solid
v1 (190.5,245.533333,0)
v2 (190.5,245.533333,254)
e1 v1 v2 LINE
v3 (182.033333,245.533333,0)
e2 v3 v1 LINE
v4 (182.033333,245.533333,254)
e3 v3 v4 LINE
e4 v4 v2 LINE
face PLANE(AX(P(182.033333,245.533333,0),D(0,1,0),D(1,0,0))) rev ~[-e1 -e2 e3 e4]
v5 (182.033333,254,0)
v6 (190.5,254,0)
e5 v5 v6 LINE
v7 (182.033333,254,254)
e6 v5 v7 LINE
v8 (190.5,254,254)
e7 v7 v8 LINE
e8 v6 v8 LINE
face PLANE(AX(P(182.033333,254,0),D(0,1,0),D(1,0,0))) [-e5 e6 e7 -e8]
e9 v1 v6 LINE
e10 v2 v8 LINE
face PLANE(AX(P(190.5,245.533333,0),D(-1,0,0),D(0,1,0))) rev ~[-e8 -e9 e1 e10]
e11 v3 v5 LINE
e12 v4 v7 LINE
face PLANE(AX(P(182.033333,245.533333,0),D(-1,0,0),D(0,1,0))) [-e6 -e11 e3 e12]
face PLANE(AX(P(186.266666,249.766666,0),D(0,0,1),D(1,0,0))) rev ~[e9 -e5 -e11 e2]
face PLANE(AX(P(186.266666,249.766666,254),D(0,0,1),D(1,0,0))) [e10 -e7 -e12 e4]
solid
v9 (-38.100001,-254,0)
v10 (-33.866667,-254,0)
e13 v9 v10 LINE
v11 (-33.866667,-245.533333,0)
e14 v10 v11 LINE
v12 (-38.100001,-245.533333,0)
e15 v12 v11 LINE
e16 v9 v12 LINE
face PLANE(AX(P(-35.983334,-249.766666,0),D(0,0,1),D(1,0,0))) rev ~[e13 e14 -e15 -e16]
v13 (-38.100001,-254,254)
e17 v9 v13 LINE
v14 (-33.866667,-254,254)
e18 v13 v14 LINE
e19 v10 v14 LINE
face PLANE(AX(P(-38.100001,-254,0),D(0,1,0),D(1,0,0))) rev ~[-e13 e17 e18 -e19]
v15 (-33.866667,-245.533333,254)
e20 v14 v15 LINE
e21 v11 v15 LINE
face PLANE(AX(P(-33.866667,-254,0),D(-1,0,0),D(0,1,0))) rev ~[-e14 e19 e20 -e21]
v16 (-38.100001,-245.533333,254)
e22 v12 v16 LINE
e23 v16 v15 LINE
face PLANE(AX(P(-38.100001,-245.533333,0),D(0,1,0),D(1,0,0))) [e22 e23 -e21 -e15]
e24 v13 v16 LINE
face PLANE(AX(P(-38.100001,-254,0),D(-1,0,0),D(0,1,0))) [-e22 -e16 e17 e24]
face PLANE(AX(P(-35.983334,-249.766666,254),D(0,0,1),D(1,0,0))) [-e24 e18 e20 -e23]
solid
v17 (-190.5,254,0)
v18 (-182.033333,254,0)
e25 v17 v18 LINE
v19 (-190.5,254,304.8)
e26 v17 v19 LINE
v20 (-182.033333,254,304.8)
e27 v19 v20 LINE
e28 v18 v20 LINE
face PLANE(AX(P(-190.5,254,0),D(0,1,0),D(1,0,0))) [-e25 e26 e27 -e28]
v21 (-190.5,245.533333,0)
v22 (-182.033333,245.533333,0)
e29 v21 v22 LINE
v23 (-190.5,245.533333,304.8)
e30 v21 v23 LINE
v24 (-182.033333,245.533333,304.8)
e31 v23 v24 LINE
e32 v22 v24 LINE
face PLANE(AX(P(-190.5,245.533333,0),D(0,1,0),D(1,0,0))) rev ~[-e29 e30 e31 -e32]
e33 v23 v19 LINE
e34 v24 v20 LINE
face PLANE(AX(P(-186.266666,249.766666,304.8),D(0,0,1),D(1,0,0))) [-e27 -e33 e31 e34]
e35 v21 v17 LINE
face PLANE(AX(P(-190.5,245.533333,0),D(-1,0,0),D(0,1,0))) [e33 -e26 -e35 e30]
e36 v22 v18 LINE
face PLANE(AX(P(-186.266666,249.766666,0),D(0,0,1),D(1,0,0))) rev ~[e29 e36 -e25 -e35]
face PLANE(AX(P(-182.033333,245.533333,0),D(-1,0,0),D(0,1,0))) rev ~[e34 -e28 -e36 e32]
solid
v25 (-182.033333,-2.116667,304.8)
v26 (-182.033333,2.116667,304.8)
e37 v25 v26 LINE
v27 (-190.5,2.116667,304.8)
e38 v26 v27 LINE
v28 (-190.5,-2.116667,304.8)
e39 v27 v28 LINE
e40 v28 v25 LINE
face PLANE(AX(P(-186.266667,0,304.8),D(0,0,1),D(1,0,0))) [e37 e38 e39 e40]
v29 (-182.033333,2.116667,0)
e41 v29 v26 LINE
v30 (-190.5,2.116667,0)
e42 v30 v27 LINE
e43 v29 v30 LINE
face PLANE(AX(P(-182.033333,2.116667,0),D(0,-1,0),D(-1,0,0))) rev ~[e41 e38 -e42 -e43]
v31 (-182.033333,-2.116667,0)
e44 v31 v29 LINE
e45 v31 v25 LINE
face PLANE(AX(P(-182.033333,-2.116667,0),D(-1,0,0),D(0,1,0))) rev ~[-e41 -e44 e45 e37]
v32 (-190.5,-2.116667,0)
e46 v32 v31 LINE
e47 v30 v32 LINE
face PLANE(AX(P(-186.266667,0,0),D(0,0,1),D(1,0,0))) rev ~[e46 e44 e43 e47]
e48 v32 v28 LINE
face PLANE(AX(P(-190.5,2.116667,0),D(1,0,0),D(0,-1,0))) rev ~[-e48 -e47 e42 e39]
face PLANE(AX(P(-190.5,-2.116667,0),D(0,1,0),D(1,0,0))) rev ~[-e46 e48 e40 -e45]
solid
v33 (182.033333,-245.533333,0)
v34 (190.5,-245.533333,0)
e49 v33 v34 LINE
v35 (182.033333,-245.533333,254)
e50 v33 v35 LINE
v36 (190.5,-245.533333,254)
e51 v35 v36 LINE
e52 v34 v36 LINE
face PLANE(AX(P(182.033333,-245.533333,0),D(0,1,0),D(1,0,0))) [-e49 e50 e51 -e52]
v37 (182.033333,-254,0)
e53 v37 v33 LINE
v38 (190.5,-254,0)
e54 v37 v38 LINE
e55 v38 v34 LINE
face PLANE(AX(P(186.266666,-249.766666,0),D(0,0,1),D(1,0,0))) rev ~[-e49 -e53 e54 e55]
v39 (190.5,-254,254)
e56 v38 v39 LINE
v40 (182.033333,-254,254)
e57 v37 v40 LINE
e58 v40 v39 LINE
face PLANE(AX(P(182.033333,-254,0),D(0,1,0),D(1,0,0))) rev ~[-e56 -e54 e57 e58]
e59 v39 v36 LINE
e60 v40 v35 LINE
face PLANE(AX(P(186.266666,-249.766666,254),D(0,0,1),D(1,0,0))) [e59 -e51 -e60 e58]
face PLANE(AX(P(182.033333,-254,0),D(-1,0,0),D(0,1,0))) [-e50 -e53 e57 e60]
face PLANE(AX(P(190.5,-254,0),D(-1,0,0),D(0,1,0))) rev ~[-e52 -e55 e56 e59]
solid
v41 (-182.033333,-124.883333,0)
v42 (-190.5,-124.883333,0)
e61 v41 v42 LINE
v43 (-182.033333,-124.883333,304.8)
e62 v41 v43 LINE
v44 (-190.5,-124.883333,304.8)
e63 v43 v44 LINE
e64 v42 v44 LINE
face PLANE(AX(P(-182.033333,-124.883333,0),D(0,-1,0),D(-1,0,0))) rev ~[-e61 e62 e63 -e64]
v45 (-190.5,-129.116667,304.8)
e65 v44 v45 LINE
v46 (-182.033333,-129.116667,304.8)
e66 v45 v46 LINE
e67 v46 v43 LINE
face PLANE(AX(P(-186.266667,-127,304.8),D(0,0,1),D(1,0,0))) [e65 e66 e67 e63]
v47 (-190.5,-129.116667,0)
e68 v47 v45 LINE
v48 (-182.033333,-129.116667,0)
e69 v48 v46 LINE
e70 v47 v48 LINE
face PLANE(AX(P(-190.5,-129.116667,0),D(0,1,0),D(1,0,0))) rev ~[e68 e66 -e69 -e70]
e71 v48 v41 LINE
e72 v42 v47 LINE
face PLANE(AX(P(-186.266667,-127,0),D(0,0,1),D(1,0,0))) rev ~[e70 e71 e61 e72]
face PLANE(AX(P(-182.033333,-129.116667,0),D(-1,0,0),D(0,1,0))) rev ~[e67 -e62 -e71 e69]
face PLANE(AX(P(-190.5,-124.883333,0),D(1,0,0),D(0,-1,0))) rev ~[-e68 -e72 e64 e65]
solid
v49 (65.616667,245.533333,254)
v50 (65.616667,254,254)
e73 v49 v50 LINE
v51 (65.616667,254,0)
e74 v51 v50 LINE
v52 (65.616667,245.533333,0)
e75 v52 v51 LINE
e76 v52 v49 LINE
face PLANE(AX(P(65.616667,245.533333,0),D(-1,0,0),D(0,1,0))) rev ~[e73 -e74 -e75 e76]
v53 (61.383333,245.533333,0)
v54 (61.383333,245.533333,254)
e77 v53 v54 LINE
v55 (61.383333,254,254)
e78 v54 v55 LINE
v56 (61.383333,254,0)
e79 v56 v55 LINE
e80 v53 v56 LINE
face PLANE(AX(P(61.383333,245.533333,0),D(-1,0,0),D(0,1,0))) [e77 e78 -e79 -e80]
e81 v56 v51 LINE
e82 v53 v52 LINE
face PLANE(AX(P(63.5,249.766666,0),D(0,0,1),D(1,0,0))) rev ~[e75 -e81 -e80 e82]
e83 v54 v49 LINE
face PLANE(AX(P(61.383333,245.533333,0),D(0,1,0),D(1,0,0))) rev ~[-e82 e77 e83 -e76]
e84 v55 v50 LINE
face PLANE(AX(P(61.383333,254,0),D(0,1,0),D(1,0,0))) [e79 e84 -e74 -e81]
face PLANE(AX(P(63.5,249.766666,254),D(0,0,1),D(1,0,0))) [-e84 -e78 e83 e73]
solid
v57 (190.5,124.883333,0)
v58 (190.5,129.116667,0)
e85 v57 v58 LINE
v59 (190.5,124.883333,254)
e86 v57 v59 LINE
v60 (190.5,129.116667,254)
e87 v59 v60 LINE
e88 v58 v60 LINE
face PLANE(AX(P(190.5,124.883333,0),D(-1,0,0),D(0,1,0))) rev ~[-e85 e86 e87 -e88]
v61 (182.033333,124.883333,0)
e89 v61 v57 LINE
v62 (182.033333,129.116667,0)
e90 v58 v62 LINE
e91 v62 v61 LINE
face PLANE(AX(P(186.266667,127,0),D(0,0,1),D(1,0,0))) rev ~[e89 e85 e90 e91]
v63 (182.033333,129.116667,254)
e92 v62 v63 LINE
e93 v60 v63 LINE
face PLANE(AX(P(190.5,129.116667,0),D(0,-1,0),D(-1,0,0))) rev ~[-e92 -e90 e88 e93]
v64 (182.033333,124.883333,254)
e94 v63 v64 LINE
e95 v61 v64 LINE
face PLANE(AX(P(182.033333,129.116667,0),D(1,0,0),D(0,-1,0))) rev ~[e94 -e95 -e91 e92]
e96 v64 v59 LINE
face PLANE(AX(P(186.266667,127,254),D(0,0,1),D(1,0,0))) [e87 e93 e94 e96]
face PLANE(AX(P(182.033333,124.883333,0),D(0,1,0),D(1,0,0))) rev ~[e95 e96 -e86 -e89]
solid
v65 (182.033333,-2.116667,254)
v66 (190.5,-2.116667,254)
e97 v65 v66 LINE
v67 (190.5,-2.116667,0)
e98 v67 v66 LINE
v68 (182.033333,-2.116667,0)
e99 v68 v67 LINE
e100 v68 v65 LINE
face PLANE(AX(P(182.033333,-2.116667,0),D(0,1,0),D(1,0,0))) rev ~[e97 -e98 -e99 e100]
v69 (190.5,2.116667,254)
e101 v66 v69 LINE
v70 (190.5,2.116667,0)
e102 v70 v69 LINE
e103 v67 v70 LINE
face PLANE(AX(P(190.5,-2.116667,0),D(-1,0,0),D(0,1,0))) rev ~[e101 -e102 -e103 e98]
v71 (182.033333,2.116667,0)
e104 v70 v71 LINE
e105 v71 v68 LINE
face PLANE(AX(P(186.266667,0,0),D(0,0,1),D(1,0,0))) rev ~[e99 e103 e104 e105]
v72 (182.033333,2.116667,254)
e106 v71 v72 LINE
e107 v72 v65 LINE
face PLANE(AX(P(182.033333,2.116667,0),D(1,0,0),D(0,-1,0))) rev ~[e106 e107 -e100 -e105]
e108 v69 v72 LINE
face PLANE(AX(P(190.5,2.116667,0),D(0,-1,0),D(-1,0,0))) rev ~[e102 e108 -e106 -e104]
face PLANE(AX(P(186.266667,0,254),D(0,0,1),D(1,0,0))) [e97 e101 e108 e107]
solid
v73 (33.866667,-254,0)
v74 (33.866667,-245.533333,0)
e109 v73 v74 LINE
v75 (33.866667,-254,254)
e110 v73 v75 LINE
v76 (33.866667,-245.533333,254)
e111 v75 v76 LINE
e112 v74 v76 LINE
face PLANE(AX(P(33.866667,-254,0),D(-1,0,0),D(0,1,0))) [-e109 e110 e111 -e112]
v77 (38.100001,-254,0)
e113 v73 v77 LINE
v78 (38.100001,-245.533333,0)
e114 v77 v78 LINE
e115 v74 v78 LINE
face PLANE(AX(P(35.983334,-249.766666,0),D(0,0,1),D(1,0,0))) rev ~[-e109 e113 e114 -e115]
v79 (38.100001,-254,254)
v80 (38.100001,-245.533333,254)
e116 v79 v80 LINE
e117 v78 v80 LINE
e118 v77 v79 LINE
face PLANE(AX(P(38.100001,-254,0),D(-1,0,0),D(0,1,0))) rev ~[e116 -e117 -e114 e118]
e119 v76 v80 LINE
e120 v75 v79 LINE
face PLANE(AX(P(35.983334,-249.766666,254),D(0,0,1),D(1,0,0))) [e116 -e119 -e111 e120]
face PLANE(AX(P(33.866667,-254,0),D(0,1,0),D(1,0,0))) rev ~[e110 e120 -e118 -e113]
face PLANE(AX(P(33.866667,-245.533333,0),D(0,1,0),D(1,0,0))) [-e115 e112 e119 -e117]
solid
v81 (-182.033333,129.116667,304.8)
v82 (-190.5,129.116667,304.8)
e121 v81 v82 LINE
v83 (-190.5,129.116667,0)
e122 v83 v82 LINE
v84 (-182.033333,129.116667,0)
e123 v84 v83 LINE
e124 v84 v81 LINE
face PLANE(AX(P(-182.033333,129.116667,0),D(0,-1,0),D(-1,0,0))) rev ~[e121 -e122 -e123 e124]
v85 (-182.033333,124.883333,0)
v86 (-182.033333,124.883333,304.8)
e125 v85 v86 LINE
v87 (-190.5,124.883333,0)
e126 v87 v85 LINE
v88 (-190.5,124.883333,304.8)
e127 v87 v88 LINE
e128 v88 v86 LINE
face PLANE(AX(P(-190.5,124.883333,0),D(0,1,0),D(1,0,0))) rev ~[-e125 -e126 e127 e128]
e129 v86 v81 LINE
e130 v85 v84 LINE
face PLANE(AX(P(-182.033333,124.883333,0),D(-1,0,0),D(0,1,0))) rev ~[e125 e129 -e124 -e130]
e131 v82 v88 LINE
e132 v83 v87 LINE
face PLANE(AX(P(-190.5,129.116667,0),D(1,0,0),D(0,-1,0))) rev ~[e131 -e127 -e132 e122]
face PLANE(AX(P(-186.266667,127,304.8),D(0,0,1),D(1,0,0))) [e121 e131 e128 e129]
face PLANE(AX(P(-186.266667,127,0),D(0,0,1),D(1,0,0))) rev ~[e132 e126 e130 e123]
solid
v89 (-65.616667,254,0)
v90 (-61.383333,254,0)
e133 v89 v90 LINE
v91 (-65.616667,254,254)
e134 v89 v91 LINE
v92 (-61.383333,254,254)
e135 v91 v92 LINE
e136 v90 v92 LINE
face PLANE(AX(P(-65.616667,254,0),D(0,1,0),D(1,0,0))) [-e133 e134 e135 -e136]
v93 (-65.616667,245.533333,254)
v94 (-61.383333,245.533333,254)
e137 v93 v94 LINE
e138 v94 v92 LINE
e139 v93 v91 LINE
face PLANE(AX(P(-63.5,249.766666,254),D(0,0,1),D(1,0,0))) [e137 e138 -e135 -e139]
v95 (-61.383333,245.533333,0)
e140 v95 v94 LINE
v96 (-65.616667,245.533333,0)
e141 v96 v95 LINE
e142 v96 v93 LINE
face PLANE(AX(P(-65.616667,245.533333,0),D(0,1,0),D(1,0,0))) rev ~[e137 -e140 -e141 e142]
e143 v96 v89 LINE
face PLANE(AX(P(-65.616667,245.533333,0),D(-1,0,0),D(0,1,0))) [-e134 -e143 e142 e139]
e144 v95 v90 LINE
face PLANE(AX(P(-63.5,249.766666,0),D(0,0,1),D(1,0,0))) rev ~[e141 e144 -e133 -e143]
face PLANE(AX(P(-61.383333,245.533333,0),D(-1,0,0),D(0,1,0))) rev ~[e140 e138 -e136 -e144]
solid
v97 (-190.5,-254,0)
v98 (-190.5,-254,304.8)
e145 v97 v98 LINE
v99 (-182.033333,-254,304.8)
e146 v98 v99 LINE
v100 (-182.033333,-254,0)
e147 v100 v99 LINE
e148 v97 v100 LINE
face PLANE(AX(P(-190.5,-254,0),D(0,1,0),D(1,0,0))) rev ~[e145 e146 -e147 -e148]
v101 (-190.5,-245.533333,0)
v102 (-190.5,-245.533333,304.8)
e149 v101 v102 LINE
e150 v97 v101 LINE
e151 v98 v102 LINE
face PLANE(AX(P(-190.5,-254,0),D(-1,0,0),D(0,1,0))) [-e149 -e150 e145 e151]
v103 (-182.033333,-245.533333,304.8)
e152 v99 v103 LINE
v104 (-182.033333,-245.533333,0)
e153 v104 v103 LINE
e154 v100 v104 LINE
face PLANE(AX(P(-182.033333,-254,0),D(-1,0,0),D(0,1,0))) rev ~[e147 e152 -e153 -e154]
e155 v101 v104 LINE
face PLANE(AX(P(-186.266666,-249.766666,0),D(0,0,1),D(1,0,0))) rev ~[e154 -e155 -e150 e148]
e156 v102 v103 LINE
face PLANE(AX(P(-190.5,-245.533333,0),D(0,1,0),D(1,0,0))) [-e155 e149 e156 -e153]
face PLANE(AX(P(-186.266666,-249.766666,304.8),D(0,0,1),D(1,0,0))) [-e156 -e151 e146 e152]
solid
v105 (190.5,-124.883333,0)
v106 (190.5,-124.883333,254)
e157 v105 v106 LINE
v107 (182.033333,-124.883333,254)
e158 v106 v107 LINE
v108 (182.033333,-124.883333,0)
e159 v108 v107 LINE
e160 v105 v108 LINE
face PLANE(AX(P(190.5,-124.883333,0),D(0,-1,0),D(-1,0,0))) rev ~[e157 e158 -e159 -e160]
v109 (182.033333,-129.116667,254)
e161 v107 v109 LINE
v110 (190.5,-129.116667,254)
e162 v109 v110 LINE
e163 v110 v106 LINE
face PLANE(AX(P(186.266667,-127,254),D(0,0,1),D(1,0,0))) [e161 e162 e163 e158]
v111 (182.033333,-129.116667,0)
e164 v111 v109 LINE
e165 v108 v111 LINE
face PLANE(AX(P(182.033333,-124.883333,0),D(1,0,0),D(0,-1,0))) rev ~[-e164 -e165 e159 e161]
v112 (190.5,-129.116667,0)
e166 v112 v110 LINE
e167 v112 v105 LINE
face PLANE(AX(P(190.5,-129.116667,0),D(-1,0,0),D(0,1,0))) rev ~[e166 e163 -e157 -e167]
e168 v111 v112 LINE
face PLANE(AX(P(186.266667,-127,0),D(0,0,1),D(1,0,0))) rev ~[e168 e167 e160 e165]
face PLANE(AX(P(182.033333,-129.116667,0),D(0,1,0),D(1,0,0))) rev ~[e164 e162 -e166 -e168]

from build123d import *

# Parameters (mm, degrees)
F0_W     = 8.466667
F0_H     = 8.466667
F1_DEPTH = 304.8
F0_W_2   = 4.233333
F0_W_3   = 4.233334
F2_DEPTH = 254


with BuildPart() as f1:
    # F0 (on Top) → F1 (new body)
    with BuildSketch(Plane.XY):
        with Locations((-186.266666, 249.766666)):
            Rectangle(F0_W, F0_H)
        Polygon((-190.5, 129.116667), (-190.5, 127), (-190.5, 124.883333), (-182.033333, 124.883333), (-182.033333, 129.116667), align=None)
        Polygon((-190.5, 2.116667), (-190.5, 0), (-190.5, -2.116667), (-182.033333, -2.116667), (-182.033333, 2.116667), align=None)
        Polygon((-190.5, -124.883333), (-190.5, -127), (-190.5, -129.116667), (-182.033333, -129.116667), (-182.033333, -124.883333), align=None)
        with Locations((-186.266666, -249.766666)):
            Rectangle(F0_W, F0_H)
    extrude(amount=F1_DEPTH)


with BuildPart() as f2:
    # F0 (on Top) → F2 (new body)
    with BuildSketch(Plane.XY):
        with Locations((-35.983334, -249.766666)):
            Rectangle(F0_W_2, F0_H)
        with Locations((35.983334, -249.766666)):
            Rectangle(F0_W_2, F0_H)
        with Locations((186.266666, -249.766666)):
            Rectangle(F0_W, F0_H)
        Polygon((190.5, -127), (190.5, -124.883333), (182.033333, -124.883333), (182.033333, -129.116667), (190.5, -129.116667), align=None)
        Polygon((182.033333, -2.116667), (190.5, -2.116667), (190.5, 0), (190.5, 2.116667), (182.033333, 2.116667), align=None)
        with Locations((-63.5, 249.766666)):
            Rectangle(F0_W_3, F0_H)
        with Locations((63.5, 249.766666)):
            Rectangle(F0_W_3, F0_H)
        with Locations((186.266666, 249.766666)):
            Rectangle(F0_W, F0_H)
        Polygon((190.5, 124.883333), (190.5, 127), (190.5, 129.116667), (182.033333, 129.116667), (182.033333, 124.883333), align=None)
    extrude(amount=F2_DEPTH)


solid = Compound([f1.part, f2.part])
